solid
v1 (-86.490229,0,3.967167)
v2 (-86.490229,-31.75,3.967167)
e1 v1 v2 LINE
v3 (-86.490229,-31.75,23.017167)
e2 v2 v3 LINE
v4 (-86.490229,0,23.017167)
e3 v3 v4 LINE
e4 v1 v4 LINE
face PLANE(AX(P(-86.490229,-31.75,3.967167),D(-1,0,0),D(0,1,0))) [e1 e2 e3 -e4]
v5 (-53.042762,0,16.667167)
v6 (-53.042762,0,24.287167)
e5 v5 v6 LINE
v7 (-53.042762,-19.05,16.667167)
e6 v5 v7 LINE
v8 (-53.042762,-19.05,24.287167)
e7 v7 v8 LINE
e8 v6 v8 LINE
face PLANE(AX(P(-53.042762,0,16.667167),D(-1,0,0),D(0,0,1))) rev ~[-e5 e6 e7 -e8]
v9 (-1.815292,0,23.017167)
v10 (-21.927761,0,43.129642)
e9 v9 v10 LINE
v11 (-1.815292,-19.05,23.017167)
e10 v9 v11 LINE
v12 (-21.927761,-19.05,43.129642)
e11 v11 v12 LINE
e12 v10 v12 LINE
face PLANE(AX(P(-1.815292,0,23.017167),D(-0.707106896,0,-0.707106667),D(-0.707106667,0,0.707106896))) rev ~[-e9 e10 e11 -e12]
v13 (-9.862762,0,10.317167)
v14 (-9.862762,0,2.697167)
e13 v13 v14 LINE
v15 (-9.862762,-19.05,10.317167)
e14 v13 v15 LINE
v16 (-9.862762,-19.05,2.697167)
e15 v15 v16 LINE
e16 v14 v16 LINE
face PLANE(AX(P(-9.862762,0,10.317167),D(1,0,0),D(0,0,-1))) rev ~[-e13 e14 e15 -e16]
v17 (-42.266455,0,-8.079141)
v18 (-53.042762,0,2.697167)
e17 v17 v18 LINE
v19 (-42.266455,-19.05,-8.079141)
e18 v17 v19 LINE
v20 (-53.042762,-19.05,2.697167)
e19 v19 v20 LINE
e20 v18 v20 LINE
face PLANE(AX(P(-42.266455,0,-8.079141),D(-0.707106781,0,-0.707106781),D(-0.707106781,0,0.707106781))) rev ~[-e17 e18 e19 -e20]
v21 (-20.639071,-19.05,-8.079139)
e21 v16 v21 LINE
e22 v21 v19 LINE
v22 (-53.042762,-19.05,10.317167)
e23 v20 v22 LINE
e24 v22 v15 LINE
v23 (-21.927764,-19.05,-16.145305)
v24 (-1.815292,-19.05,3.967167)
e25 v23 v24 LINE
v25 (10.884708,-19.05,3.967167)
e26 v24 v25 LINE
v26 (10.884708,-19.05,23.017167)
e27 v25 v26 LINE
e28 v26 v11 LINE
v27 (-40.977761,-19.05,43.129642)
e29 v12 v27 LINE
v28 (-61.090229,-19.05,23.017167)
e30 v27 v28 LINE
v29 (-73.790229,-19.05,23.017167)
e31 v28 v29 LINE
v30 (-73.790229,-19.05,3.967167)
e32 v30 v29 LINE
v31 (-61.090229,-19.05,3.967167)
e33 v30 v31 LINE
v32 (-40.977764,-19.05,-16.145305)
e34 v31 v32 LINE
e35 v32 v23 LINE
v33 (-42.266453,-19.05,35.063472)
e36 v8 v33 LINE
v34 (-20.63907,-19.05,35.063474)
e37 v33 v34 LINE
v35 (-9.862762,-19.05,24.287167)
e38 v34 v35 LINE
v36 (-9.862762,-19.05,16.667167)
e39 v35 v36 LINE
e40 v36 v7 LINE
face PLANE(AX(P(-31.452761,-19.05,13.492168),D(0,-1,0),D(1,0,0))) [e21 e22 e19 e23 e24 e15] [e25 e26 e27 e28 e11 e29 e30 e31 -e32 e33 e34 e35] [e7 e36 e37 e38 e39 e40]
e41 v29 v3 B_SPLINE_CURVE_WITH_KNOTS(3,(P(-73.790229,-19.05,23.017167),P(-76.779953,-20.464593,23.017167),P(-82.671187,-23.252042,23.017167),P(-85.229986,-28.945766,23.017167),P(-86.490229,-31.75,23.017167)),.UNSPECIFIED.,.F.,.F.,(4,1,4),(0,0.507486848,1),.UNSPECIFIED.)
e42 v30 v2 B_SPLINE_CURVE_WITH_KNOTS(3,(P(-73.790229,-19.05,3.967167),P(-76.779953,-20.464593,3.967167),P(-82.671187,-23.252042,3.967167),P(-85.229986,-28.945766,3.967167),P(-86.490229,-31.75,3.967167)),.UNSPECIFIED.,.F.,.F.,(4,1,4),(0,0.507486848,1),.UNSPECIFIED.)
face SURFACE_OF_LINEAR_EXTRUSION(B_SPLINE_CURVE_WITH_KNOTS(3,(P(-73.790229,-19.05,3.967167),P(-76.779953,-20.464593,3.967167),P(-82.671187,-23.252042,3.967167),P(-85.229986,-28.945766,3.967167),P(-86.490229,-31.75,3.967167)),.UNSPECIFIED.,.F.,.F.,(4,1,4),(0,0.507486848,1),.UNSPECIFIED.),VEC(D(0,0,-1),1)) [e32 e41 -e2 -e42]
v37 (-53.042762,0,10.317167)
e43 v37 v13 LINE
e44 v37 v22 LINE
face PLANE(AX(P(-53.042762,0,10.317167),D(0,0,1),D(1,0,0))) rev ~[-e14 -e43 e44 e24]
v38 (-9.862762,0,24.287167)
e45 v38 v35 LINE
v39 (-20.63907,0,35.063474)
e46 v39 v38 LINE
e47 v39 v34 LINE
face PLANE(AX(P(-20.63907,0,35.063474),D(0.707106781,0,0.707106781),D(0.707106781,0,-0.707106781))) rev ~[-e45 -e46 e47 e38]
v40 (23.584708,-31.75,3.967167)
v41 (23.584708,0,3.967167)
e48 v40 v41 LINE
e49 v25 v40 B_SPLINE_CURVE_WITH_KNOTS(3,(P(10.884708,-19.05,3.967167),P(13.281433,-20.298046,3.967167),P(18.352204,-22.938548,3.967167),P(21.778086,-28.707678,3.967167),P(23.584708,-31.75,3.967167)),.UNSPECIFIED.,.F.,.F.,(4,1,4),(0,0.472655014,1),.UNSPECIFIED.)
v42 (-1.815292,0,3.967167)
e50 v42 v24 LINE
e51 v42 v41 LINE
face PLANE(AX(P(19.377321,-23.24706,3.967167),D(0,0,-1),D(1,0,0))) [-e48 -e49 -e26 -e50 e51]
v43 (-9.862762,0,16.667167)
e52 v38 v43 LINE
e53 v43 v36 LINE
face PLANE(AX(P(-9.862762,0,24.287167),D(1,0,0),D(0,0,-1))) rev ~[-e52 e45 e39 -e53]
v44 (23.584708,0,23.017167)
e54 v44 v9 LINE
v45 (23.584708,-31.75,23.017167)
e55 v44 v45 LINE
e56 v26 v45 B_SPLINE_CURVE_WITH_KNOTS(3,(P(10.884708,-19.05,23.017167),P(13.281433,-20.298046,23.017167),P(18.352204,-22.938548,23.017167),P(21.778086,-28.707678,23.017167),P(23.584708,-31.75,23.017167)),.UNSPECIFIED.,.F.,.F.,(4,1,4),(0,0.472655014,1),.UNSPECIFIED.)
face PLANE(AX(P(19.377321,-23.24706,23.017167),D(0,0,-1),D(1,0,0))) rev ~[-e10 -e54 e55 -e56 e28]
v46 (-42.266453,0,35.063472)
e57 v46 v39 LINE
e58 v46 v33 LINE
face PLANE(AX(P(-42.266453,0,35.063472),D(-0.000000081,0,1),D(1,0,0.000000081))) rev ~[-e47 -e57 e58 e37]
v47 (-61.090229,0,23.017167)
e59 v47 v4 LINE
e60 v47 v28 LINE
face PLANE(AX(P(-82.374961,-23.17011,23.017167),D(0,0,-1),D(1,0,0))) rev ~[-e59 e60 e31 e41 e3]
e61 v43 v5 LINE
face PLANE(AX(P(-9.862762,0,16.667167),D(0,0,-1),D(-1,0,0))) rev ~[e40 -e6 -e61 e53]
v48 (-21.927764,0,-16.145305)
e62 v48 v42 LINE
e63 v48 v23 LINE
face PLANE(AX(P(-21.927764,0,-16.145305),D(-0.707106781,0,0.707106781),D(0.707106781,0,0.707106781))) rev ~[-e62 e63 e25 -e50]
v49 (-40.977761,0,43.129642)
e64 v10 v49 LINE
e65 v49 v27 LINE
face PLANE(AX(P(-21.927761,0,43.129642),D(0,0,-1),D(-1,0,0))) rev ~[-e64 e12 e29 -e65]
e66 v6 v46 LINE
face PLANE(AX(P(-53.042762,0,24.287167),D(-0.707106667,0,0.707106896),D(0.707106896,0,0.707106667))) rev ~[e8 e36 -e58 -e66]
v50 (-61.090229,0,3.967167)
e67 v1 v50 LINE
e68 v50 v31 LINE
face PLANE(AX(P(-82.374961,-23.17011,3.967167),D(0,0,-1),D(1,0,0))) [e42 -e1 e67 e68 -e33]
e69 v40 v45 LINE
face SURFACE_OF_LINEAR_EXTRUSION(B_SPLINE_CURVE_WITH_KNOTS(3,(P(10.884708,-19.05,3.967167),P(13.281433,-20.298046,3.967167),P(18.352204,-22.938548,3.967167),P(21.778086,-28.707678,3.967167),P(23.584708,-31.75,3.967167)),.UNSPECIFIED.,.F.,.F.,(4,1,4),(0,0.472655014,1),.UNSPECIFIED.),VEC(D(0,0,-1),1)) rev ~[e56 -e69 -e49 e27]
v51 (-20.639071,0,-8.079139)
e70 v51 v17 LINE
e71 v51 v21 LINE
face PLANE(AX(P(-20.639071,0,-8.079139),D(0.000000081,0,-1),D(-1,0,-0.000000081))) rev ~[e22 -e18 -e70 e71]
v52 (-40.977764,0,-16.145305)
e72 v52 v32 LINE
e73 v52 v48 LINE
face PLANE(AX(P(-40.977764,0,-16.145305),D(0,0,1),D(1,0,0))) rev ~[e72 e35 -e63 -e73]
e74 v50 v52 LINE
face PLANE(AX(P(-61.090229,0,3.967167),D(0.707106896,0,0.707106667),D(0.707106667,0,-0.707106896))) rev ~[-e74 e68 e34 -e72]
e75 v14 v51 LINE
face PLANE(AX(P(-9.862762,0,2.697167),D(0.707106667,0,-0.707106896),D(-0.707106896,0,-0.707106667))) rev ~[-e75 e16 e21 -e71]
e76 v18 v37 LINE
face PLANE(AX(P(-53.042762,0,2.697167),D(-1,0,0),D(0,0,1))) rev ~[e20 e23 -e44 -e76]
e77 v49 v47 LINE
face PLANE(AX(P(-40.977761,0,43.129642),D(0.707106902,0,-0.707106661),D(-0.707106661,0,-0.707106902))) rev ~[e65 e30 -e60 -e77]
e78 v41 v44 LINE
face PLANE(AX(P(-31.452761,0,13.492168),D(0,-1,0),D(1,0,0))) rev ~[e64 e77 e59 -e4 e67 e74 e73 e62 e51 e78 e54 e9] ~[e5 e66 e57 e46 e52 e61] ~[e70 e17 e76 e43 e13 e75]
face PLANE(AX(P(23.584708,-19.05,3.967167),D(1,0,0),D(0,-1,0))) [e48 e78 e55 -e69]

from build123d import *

# Parameters (mm, degrees)
F0_W     = 12.7
F0_H     = 19.05
F1_DEPTH = 19.05
F3_DEPTH = 19.05
F5_DEPTH = 19.05


with BuildPart() as f1:
    # F0 (on Front) → F1 (new body)
    with BuildSketch(Plane.XZ):
        Polygon((-21.9277606558, 43.1296415627), (-40.9777606558, 43.1296415627), (-61.0902286349, 23.0171667248), (-73.7902286349, 23.0171667248), (-73.7902286349, 3.9671667248), (-61.0902286349, 3.9671667248), (-40.9777637411, -16.1453046837), (-21.9277637411, -16.1453046837), (-1.8152923326, 3.9671667248), (10.8847076674, 3.9671667248), (10.8847076674, 23.0171667248), (-1.8152923326, 23.0171667248), align=None)
        Polygon((-53.0427621984, 10.3171667248), (-9.8627621984, 10.3171667248), (-9.8627621984, 2.6971667248), (-20.639071289, -8.0791388752), (-42.2664548532, -8.0791406205), (-53.0427621984, 2.6971667248), align=None, mode=Mode.SUBTRACT)
        Polygon((-9.8627621984, 16.6671667248), (-53.0427621984, 16.6671667248), (-53.0427621984, 24.2871667248), (-42.2664531079, 35.0634723248), (-20.6390695437, 35.0634740701), (-9.8627621984, 24.2871667248), align=None, mode=Mode.SUBTRACT)
        with Locations((-80.1402286349, 13.4921667248)):
            Rectangle(F0_W, F0_H)
        with Locations((17.2347076674, 13.4921667248)):
            Rectangle(F0_W, F0_H)
    extrude(amount=F1_DEPTH)

    # F2 (on face) → F3 (join)
    with BuildSketch(Plane(origin=(0, 0, 3.9671667248), x_dir=(1, 0, 0), z_dir=(0, 0, -1))):
        with BuildLine():
            Line((10.8847076674, 19.05), (23.5847076674, 19.05))
            Line((23.5847076674, 19.05), (23.5847076674, 31.75))
            add(Edge.make_bspline(
                [(10.8847076674, 19.05), (13.2814331351, 20.2980463011), (18.3522044059, 22.9385478577), (21.7780861226, 28.7076780967), (23.5847076674, 31.75)],
                knots=[0, 0, 0, 0, 0.4726550143, 1, 1, 1, 1], degree=3))
        make_face()
    extrude(amount=-F3_DEPTH)

    # F4 (on face) → F5 (join)
    with BuildSketch(Plane(origin=(0, 0, 3.9671667248), x_dir=(1, 0, 0), z_dir=(0, 0, -1))):
        with BuildLine():
            Line((-86.4902286349, 31.75), (-86.4902286349, 19.05))
            Line((-86.4902286349, 19.05), (-73.7902286349, 19.05))
            add(Edge.make_bspline(
                [(-73.7902286349, 19.05), (-76.7799525344, 20.4645934924), (-82.6711867803, 23.2520420685), (-85.2299862455, 28.9457660543), (-86.4902286349, 31.75)],
                knots=[0, 0, 0, 0, 0.5074868482, 1, 1, 1, 1], degree=3))
        make_face()
    extrude(amount=-F5_DEPTH)


solid = f1.part
